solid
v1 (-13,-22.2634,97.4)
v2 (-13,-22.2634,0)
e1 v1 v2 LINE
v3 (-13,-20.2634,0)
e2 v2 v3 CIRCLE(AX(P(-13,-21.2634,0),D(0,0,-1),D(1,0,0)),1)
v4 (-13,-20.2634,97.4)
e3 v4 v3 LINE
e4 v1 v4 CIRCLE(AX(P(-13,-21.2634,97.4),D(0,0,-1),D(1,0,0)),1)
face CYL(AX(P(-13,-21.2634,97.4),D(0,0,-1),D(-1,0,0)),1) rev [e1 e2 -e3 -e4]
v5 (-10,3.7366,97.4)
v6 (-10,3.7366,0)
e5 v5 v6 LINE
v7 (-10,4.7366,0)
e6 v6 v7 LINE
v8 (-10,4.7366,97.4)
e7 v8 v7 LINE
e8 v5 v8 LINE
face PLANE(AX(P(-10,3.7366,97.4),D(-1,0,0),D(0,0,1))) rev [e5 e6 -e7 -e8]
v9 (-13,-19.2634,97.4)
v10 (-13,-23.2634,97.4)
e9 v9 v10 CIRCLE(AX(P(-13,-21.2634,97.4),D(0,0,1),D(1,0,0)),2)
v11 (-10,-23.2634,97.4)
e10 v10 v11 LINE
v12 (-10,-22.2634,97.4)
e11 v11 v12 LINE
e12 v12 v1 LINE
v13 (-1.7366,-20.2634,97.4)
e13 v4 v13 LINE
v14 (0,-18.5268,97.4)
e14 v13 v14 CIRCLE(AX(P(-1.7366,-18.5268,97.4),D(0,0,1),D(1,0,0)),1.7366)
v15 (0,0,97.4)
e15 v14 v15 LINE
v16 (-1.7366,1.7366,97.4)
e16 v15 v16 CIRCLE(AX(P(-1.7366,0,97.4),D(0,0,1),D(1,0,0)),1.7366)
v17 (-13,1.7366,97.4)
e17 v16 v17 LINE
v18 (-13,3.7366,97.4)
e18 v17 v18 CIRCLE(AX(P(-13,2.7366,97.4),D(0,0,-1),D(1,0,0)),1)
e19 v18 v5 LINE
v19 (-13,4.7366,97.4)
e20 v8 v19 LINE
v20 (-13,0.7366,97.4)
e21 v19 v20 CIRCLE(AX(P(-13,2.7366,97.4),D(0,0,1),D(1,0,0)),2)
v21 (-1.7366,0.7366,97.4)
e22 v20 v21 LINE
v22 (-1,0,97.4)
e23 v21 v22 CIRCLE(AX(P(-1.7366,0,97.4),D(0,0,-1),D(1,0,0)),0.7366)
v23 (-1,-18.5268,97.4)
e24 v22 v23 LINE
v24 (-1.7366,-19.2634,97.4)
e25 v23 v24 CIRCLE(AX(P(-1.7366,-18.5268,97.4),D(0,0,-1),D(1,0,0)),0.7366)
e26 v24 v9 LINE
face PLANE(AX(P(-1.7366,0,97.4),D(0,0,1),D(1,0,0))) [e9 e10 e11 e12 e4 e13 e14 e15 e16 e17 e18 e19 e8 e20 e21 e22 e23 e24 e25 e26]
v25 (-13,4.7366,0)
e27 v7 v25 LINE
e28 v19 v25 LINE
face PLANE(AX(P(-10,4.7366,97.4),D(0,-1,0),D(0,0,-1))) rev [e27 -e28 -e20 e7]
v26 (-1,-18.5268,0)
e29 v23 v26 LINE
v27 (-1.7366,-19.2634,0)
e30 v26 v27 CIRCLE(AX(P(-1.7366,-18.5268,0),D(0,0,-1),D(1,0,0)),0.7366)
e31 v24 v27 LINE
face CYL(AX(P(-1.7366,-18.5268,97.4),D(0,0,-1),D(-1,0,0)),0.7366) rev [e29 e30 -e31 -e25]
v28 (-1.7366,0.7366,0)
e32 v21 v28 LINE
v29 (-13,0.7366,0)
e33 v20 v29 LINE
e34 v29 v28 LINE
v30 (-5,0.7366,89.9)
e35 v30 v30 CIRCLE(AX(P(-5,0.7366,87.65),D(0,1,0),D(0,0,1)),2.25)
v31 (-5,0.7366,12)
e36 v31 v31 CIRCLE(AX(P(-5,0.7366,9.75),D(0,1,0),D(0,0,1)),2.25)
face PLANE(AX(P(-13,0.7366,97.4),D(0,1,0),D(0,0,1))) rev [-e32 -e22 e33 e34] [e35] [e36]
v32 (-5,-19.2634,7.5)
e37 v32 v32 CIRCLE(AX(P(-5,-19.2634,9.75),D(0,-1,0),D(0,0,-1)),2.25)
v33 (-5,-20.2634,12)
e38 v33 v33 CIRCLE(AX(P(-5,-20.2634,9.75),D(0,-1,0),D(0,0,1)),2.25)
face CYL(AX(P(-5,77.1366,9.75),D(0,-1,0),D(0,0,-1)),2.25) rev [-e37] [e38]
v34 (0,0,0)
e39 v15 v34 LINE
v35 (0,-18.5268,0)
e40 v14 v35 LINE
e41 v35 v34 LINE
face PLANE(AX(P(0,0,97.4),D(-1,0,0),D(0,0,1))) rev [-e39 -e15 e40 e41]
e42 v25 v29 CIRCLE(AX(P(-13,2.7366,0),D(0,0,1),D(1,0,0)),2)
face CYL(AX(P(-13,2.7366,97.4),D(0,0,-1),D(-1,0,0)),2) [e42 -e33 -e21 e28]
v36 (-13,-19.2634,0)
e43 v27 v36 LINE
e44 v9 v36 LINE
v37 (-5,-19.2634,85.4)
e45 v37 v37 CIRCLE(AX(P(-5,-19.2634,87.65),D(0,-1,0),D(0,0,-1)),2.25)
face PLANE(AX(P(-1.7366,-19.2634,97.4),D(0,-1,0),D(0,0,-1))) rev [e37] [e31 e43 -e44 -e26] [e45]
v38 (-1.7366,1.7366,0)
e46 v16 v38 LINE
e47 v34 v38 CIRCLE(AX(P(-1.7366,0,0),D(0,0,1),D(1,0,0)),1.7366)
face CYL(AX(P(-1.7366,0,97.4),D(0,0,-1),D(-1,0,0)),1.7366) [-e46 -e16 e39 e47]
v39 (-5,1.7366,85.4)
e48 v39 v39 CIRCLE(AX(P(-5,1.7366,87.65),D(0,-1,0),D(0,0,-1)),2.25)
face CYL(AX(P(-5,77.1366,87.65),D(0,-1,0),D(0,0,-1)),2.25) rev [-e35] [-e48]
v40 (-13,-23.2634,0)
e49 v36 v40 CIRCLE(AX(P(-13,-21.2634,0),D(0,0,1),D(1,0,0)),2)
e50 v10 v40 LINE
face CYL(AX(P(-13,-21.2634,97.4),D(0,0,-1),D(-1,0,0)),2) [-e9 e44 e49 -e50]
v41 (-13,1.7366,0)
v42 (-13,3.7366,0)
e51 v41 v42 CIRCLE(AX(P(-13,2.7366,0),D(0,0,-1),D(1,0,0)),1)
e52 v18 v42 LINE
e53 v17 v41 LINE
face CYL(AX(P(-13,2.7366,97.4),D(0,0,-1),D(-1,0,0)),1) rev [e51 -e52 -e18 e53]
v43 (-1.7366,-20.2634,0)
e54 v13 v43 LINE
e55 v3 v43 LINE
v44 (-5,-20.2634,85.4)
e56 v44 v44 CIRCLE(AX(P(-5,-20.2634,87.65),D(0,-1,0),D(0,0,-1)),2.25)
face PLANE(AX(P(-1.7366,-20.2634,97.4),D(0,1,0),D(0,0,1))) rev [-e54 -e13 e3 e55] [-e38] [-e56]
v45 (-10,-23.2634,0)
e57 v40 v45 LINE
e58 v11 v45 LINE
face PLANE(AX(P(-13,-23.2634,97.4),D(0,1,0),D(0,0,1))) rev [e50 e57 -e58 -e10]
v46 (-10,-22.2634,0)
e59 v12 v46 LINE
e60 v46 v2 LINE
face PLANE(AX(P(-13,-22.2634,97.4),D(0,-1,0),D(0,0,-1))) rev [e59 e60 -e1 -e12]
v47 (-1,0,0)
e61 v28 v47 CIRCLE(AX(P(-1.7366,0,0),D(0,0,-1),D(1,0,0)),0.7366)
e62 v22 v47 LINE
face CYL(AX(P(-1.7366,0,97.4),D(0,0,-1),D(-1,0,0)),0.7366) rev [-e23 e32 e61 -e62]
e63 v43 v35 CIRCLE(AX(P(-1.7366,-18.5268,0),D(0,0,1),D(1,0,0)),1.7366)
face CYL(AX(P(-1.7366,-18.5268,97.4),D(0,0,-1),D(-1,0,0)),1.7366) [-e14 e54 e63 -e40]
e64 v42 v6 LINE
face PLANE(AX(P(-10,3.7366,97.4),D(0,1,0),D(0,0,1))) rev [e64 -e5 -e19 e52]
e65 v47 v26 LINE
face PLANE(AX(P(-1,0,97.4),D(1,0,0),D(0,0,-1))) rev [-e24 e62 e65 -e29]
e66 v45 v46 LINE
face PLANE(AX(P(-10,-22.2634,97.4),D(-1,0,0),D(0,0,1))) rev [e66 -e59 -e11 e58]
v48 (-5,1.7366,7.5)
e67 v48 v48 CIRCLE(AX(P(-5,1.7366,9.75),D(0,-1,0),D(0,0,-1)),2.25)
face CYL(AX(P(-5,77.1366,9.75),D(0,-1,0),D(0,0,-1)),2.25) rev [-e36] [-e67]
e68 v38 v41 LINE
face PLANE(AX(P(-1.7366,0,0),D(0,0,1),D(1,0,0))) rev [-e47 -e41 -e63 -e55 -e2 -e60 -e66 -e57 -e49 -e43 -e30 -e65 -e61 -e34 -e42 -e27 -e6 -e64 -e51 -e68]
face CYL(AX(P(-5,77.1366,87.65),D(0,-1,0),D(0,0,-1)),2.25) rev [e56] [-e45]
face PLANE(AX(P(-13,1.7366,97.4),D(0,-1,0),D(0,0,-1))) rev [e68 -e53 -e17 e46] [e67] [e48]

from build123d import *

# Parameters (mm, degrees)
EXTRUDE_1_DEPTH     = 97.4
SKETCH_2_R          = 2.25
CUT_EXTRUDE_1_DEPTH = 97.4


with BuildPart() as part:
    # 草图1 → 凸台-拉伸1 (new body)
    with BuildSketch(Plane.XY):
        with BuildLine():
            Line((-13, 0.7366), (-1.7366, 0.7366))
            ThreePointArc((-1.7366, 0.7366), (-1.215745145, 0.520854855), (-1, 0))
            Line((-1, 0), (-1, -18.5268))
            ThreePointArc((-1, -18.5268), (-1.215745145, -19.047654855), (-1.7366, -19.2634))
            Line((-1.7366, -19.2634), (-13, -19.2634))
            ThreePointArc((-13, -19.2634), (-15, -21.2634), (-13, -23.2634))
            Line((-13, -23.2634), (-10, -23.2634))
            Line((-10, -23.2634), (-10, -22.2634))
            Line((-10, -22.2634), (-13, -22.2634))
            ThreePointArc((-13, -22.2634), (-14, -21.2634), (-13, -20.2634))
            Line((-13, -20.2634), (-1.7366, -20.2634))
            ThreePointArc((-1.7366, -20.2634), (-0.508638364, -19.754761636), (0, -18.5268))
            Line((0, -18.5268), (0, 0))
            ThreePointArc((0, 0), (-0.508638364, 1.227961636), (-1.7366, 1.7366))
            Line((-1.7366, 1.7366), (-13, 1.7366))
            ThreePointArc((-13, 1.7366), (-14, 2.7366), (-13, 3.7366))
            Line((-13, 3.7366), (-10, 3.7366))
            Line((-10, 3.7366), (-10, 4.7366))
            Line((-10, 4.7366), (-13, 4.7366))
            ThreePointArc((-13, 4.7366), (-15, 2.7366), (-13, 0.7366))
        make_face()
    extrude(amount=EXTRUDE_1_DEPTH)

    # 草图2 → 切除-拉伸1 (cut)
    with BuildSketch(Plane.XZ.offset(20.2634)):
        with Locations((-5, 87.65)):
            Circle(SKETCH_2_R)
        with Locations((-5, 9.75)):
            Circle(SKETCH_2_R)
    extrude(amount=-CUT_EXTRUDE_1_DEPTH, mode=Mode.SUBTRACT)


solid = part.part
